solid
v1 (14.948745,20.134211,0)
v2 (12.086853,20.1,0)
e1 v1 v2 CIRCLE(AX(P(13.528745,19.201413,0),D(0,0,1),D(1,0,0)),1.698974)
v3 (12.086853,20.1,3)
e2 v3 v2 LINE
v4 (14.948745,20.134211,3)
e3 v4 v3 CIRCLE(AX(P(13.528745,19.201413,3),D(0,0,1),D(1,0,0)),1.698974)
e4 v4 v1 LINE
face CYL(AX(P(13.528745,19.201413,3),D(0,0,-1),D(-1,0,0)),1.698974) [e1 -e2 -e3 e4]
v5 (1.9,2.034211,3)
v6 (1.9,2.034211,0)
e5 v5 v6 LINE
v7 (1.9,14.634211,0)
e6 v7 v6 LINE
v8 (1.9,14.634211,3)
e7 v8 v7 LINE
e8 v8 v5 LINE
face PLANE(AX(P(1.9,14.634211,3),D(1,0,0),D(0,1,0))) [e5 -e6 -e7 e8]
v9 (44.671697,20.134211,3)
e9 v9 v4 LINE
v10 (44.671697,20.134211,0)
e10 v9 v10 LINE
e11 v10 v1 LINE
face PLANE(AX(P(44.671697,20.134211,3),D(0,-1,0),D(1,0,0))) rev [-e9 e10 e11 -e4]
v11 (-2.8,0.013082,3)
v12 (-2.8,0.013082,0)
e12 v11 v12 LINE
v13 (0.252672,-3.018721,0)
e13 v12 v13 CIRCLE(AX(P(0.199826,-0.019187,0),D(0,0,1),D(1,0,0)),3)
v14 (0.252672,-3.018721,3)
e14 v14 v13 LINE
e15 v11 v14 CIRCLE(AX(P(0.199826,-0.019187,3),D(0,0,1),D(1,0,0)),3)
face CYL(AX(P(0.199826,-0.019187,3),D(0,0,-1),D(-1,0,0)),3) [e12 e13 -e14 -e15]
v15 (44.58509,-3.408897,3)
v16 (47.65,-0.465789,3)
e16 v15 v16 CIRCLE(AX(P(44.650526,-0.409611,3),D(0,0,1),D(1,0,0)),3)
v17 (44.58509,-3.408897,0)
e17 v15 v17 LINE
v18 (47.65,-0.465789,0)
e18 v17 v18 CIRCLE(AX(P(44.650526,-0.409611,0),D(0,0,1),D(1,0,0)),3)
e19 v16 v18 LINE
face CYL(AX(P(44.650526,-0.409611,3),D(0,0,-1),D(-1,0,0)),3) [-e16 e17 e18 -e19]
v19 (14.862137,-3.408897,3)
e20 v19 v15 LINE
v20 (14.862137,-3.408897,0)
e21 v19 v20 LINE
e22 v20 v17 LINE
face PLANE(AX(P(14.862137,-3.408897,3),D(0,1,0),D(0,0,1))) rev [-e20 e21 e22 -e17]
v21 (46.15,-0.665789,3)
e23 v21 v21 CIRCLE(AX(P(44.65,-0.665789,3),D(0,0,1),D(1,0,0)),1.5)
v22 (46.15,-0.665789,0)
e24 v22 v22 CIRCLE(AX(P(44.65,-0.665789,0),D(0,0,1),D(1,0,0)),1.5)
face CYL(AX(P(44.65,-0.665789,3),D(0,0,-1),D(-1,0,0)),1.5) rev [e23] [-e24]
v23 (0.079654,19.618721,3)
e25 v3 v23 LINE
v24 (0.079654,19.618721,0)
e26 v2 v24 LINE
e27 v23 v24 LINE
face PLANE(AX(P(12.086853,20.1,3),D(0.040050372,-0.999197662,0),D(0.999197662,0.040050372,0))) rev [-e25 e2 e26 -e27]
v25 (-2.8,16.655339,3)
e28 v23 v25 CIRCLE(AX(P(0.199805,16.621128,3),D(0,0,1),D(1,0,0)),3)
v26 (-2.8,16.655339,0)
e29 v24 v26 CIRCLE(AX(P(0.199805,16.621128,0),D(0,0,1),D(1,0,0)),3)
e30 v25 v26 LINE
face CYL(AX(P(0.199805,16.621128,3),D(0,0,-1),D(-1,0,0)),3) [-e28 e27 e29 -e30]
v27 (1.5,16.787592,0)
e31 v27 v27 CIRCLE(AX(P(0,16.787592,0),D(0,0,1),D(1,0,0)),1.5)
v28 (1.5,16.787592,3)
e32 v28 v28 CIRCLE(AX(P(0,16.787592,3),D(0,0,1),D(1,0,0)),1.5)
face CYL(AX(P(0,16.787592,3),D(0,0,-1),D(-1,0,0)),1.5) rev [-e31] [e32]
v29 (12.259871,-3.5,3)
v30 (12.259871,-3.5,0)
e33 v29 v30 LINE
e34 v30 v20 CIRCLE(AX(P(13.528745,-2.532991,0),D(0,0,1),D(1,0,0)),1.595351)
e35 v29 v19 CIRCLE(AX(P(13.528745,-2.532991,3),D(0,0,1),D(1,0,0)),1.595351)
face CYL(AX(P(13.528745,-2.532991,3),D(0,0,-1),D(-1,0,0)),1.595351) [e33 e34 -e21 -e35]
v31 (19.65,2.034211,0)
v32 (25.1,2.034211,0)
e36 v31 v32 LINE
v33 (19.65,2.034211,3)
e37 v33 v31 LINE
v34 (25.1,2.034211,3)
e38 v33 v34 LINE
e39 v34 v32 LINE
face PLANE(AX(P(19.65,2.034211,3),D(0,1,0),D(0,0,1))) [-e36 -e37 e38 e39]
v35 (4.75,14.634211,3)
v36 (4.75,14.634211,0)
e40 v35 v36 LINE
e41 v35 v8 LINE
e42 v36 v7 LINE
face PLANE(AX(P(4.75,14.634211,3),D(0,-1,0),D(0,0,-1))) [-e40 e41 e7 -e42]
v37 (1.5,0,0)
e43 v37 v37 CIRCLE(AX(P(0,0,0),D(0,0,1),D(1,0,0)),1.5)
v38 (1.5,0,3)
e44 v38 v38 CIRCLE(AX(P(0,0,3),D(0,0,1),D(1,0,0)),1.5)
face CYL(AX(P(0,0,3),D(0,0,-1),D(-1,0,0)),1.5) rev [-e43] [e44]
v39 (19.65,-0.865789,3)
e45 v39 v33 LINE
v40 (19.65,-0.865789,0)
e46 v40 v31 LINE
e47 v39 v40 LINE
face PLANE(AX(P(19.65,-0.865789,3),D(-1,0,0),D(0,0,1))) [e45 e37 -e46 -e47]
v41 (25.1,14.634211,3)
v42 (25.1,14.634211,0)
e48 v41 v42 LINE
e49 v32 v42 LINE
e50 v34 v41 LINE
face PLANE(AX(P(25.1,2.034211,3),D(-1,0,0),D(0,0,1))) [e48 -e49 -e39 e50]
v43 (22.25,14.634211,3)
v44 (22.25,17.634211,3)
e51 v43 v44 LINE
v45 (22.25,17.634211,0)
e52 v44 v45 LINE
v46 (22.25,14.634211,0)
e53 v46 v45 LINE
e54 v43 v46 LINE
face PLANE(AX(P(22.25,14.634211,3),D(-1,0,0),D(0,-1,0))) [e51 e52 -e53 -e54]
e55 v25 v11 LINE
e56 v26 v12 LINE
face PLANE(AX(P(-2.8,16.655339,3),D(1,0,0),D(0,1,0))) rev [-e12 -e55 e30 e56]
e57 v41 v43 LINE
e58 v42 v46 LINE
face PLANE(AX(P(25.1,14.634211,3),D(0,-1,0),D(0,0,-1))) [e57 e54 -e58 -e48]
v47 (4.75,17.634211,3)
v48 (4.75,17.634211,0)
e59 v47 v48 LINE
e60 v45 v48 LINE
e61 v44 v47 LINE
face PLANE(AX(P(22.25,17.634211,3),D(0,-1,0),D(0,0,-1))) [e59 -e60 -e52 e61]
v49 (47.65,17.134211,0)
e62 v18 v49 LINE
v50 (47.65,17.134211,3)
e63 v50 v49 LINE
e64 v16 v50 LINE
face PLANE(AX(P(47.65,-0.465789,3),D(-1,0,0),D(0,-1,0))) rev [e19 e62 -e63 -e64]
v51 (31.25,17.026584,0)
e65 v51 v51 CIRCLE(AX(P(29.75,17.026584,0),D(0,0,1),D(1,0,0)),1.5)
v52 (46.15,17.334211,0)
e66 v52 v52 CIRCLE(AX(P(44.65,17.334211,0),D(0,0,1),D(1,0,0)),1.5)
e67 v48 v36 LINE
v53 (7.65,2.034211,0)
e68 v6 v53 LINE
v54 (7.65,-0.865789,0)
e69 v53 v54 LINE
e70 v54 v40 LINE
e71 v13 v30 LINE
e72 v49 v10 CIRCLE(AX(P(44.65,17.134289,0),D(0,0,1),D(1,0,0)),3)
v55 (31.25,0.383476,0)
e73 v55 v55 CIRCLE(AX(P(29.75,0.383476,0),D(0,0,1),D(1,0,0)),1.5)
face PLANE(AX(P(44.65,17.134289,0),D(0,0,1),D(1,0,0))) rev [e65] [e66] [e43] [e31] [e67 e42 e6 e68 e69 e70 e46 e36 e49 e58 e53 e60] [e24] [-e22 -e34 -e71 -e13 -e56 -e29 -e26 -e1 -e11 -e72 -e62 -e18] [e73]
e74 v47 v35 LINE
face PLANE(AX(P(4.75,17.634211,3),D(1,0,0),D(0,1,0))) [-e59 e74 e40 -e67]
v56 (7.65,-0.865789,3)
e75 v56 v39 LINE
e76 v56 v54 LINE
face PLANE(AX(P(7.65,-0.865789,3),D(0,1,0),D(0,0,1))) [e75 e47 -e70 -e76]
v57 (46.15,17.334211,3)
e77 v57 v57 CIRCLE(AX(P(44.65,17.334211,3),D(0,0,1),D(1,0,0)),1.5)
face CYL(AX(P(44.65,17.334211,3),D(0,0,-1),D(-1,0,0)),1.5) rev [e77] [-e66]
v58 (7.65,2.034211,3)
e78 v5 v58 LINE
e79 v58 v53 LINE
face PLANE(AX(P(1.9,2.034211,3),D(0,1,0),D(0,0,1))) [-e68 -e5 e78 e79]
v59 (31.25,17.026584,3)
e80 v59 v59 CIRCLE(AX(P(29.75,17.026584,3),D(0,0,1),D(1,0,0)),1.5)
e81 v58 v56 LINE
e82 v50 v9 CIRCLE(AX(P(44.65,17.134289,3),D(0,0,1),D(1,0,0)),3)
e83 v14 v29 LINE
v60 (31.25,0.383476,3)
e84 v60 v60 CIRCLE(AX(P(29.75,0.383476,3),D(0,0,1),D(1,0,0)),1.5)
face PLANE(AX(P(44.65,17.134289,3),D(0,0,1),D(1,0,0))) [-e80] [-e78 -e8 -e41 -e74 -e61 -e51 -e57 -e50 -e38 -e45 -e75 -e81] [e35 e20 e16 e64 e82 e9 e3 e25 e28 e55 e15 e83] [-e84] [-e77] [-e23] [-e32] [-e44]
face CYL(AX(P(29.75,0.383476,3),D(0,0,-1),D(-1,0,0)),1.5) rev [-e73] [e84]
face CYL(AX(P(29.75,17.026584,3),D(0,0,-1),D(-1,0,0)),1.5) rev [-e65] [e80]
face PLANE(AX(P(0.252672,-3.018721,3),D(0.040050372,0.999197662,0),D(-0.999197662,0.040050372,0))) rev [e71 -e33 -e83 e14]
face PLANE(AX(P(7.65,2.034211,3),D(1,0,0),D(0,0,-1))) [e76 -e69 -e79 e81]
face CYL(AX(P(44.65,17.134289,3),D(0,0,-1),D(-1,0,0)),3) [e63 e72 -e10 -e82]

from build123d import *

# Parameters (mm, degrees)
SKETCH1_R           = 1.5
BOSS_EXTRUDE1_DEPTH = 3


with BuildPart() as part:
    # Sketch1 → Boss-Extrude1 (new body)
    with BuildSketch(Plane.XY):
        with BuildLine():
            Line((44.671696982, 20.134210536), (14.948744814, 20.134210536))
            ThreePointArc((14.948744814, 20.134210536), (13.508437041, 20.900264991), (12.086852766, 20.1))
            Line((12.086852766, 20.1), (0.079653818, 19.618721067))
            ThreePointArc((0.079653818, 19.618721067), (-1.951692295, 18.711836018), (-2.8, 16.655338617))
            Line((-2.8, 16.655338617), (-2.8, 0.013082454))
            ThreePointArc((-2.8, 0.013082454), (-1.91420574, -2.147770093), (0.252672107, -3.018721067))
            Line((0.252672107, -3.018721067), (12.259871055, -3.5))
            ThreePointArc((12.259871055, -3.5), (13.584562431, -4.127366103), (14.862137332, -3.408897008))
            Line((14.862137332, -3.408897008), (44.5850895, -3.408897008))
            ThreePointArc((44.5850895, -3.408897008), (46.728413048, -2.573492827), (47.65, -0.465789464))
            Line((47.65, -0.465789464), (47.65, 17.134210536))
            ThreePointArc((47.65, 17.134210536), (46.779005205, 19.247896538), (44.671696982, 20.134210536))
        make_face()
        with Locations((29.75, 17.026583922)):
            Circle(SKETCH1_R, mode=Mode.SUBTRACT)
        with Locations((44.65, 17.334210536)):
            Circle(SKETCH1_R, mode=Mode.SUBTRACT)
        with Locations((44.65, -0.665789465)):
            Circle(SKETCH1_R, mode=Mode.SUBTRACT)
        with Locations((29.75, 0.383476379)):
            Circle(SKETCH1_R, mode=Mode.SUBTRACT)
        Circle(SKETCH1_R, mode=Mode.SUBTRACT)
        with Locations((0, 16.787592152)):
            Circle(SKETCH1_R, mode=Mode.SUBTRACT)
        Polygon((4.75, 14.634210535), (1.9, 14.634210535), (1.9, 2.034210535), (7.65, 2.034210535), (7.65, -0.865789465), (19.65, -0.865789465), (19.65, 2.034210535), (25.1, 2.034210535), (25.1, 14.634210535), (22.25, 14.634210535), (22.25, 17.634210536), (4.75, 17.634210536), align=None, mode=Mode.SUBTRACT)
    extrude(amount=BOSS_EXTRUDE1_DEPTH)


solid = part.part
